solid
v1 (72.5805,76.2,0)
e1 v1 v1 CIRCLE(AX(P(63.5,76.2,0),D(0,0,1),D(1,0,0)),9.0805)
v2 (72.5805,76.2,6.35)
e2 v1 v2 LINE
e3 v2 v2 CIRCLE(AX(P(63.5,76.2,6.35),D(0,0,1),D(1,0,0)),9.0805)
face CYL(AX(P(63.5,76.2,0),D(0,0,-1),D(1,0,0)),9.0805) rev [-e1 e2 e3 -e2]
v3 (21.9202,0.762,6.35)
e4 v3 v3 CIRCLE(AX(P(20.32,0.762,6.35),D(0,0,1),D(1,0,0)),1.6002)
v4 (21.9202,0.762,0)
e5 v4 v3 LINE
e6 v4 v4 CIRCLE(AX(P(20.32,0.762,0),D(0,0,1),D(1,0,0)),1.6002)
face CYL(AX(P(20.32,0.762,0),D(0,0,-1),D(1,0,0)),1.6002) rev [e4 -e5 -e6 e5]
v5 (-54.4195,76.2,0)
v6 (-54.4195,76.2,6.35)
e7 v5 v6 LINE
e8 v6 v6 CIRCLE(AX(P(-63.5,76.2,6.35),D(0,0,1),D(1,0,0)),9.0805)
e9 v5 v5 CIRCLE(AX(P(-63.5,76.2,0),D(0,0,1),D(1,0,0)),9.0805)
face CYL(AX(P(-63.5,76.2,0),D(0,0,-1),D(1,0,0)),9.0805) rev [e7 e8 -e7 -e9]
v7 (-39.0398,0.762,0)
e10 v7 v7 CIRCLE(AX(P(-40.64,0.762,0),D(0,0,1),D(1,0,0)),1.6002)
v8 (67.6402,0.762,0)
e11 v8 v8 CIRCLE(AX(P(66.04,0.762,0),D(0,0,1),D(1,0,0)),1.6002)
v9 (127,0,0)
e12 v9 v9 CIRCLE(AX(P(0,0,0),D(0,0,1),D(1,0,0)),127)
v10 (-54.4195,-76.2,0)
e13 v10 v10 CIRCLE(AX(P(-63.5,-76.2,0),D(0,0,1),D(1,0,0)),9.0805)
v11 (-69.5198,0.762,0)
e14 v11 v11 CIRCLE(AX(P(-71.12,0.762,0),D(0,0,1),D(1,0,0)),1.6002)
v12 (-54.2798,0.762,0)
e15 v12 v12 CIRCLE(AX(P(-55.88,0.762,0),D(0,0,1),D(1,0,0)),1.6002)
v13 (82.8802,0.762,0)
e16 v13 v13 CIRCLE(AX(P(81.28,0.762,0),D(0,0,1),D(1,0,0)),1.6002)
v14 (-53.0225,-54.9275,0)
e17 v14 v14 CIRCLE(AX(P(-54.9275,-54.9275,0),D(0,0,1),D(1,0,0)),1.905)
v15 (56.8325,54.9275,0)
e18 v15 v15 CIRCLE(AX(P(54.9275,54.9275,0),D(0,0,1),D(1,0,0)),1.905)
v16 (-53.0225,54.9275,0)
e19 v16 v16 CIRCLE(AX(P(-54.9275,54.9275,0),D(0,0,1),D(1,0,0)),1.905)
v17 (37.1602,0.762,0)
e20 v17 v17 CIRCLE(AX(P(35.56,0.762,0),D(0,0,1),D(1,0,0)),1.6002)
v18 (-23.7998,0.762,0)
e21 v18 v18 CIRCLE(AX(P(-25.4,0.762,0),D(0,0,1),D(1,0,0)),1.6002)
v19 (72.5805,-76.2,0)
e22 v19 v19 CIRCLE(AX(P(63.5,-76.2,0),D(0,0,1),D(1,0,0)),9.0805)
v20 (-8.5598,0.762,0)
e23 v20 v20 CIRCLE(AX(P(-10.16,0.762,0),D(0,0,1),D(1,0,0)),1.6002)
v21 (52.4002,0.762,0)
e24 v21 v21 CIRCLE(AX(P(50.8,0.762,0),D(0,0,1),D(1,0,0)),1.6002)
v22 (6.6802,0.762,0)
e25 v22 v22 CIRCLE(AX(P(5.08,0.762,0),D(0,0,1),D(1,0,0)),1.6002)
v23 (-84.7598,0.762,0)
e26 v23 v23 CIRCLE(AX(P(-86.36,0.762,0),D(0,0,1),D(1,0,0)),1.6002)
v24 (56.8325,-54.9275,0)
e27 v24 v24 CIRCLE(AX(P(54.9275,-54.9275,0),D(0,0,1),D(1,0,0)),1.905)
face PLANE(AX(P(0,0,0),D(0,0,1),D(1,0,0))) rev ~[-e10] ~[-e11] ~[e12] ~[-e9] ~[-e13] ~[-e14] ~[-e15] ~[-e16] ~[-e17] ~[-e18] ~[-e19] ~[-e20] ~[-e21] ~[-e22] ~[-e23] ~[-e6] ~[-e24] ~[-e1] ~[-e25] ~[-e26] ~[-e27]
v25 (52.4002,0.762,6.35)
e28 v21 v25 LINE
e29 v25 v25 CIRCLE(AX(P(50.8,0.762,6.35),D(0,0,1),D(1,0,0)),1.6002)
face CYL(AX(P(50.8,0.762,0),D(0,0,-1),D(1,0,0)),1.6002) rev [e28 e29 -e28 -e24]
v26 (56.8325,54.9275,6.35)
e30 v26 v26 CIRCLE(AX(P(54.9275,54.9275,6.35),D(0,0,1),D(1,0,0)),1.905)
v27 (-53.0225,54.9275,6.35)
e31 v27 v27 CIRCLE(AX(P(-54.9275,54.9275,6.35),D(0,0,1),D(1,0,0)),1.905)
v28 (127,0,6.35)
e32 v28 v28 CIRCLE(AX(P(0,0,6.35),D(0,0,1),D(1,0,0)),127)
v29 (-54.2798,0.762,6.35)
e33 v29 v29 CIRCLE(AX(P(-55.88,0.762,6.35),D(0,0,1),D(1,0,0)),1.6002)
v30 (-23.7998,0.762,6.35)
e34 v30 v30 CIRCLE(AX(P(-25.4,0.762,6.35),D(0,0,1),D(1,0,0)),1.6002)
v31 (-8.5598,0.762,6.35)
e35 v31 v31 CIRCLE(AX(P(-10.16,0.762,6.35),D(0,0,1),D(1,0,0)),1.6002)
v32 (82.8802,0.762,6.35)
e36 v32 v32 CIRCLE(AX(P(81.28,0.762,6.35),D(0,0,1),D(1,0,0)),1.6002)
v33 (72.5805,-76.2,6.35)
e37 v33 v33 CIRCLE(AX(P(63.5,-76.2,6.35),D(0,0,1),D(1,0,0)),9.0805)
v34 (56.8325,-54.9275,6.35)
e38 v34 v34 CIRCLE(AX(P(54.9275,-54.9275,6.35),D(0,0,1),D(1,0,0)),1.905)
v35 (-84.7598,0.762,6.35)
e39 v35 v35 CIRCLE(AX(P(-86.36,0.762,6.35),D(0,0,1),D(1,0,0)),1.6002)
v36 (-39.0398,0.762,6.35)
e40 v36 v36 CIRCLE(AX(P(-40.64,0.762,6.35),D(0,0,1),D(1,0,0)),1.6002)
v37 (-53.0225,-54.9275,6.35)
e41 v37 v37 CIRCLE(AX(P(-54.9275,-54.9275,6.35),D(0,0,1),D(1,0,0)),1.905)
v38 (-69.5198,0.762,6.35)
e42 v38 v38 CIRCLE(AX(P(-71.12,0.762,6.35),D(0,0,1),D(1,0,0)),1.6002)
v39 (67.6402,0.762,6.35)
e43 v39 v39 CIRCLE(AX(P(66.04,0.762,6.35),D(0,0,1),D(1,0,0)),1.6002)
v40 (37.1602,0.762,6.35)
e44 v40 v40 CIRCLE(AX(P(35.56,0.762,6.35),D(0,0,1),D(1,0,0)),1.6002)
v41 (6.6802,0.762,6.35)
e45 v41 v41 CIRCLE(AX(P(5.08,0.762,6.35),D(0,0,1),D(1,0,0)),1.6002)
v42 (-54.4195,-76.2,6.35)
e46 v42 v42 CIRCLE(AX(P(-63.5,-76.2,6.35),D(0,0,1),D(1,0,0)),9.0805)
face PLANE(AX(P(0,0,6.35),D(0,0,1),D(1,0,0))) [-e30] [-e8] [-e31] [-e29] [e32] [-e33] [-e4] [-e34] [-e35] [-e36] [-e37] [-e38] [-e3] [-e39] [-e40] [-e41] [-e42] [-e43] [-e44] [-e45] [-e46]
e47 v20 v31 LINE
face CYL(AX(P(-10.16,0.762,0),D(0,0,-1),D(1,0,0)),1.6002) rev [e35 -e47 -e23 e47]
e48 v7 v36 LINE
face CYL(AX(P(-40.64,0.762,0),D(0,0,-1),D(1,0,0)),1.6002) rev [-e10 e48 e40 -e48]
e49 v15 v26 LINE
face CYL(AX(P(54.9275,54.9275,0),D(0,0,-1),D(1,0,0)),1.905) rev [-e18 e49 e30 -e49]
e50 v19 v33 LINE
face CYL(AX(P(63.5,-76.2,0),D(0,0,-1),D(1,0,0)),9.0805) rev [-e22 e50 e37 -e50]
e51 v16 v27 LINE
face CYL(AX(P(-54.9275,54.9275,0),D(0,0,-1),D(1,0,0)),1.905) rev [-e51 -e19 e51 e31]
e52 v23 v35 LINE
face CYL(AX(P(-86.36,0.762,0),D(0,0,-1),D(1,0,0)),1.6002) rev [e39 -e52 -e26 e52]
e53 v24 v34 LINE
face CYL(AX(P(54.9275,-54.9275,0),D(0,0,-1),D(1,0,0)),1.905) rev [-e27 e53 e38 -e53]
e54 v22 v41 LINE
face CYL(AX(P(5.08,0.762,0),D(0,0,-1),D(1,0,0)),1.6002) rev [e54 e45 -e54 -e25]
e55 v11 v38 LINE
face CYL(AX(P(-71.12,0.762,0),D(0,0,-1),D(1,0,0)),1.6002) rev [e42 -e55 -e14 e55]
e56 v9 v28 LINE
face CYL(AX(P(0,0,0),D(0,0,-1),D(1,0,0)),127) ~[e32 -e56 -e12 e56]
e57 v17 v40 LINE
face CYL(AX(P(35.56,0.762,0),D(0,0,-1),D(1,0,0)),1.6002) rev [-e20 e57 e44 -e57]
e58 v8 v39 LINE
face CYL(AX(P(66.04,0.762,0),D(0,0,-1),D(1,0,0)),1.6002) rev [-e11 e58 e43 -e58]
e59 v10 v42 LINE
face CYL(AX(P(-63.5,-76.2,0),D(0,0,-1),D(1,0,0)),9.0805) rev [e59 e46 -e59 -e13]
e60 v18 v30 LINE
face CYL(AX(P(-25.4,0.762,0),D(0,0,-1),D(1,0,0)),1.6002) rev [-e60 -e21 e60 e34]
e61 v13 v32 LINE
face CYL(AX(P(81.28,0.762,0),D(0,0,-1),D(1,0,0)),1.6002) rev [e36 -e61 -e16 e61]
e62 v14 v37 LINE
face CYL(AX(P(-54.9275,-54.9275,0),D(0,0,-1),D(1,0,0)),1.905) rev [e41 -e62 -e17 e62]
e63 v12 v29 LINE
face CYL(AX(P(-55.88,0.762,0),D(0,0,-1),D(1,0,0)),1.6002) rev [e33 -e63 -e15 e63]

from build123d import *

# Parameters (mm, degrees)
F0_R     = 127
F0_R_2   = 9.0805
F0_R_3   = 1.905
F0_R_4   = 1.6002
F1_DEPTH = 6.35


with BuildPart() as f1:
    # F0 (on Top) → F1 (new body)
    with BuildSketch(Plane.XY):
        Circle(F0_R)
        with Locations((-63.5, -76.2)):
            Circle(F0_R_2, mode=Mode.SUBTRACT)
        with Locations((-54.9275, -54.9275)):
            Circle(F0_R_3, mode=Mode.SUBTRACT)
        with Locations((63.5, -76.2)):
            Circle(F0_R_2, mode=Mode.SUBTRACT)
        with Locations((54.9275, -54.9275)):
            Circle(F0_R_3, mode=Mode.SUBTRACT)
        with Locations((-86.36, 0.762)):
            Circle(F0_R_4, mode=Mode.SUBTRACT)
        with Locations((-71.12, 0.762)):
            Circle(F0_R_4, mode=Mode.SUBTRACT)
        with Locations((-55.88, 0.762)):
            Circle(F0_R_4, mode=Mode.SUBTRACT)
        with Locations((-40.64, 0.762)):
            Circle(F0_R_4, mode=Mode.SUBTRACT)
        with Locations((-25.4, 0.762)):
            Circle(F0_R_4, mode=Mode.SUBTRACT)
        with Locations((-10.16, 0.762)):
            Circle(F0_R_4, mode=Mode.SUBTRACT)
        with Locations((-54.9275, 54.9275)):
            Circle(F0_R_3, mode=Mode.SUBTRACT)
        with Locations((-63.5, 76.2)):
            Circle(F0_R_2, mode=Mode.SUBTRACT)
        with Locations((5.08, 0.762)):
            Circle(F0_R_4, mode=Mode.SUBTRACT)
        with Locations((20.32, 0.762)):
            Circle(F0_R_4, mode=Mode.SUBTRACT)
        with Locations((35.56, 0.762)):
            Circle(F0_R_4, mode=Mode.SUBTRACT)
        with Locations((50.8, 0.762)):
            Circle(F0_R_4, mode=Mode.SUBTRACT)
        with Locations((54.9275, 54.9275)):
            Circle(F0_R_3, mode=Mode.SUBTRACT)
        with Locations((66.04, 0.762)):
            Circle(F0_R_4, mode=Mode.SUBTRACT)
        with Locations((81.28, 0.762)):
            Circle(F0_R_4, mode=Mode.SUBTRACT)
        with Locations((63.5, 76.2)):
            Circle(F0_R_2, mode=Mode.SUBTRACT)
    extrude(amount=F1_DEPTH)


solid = f1.part
